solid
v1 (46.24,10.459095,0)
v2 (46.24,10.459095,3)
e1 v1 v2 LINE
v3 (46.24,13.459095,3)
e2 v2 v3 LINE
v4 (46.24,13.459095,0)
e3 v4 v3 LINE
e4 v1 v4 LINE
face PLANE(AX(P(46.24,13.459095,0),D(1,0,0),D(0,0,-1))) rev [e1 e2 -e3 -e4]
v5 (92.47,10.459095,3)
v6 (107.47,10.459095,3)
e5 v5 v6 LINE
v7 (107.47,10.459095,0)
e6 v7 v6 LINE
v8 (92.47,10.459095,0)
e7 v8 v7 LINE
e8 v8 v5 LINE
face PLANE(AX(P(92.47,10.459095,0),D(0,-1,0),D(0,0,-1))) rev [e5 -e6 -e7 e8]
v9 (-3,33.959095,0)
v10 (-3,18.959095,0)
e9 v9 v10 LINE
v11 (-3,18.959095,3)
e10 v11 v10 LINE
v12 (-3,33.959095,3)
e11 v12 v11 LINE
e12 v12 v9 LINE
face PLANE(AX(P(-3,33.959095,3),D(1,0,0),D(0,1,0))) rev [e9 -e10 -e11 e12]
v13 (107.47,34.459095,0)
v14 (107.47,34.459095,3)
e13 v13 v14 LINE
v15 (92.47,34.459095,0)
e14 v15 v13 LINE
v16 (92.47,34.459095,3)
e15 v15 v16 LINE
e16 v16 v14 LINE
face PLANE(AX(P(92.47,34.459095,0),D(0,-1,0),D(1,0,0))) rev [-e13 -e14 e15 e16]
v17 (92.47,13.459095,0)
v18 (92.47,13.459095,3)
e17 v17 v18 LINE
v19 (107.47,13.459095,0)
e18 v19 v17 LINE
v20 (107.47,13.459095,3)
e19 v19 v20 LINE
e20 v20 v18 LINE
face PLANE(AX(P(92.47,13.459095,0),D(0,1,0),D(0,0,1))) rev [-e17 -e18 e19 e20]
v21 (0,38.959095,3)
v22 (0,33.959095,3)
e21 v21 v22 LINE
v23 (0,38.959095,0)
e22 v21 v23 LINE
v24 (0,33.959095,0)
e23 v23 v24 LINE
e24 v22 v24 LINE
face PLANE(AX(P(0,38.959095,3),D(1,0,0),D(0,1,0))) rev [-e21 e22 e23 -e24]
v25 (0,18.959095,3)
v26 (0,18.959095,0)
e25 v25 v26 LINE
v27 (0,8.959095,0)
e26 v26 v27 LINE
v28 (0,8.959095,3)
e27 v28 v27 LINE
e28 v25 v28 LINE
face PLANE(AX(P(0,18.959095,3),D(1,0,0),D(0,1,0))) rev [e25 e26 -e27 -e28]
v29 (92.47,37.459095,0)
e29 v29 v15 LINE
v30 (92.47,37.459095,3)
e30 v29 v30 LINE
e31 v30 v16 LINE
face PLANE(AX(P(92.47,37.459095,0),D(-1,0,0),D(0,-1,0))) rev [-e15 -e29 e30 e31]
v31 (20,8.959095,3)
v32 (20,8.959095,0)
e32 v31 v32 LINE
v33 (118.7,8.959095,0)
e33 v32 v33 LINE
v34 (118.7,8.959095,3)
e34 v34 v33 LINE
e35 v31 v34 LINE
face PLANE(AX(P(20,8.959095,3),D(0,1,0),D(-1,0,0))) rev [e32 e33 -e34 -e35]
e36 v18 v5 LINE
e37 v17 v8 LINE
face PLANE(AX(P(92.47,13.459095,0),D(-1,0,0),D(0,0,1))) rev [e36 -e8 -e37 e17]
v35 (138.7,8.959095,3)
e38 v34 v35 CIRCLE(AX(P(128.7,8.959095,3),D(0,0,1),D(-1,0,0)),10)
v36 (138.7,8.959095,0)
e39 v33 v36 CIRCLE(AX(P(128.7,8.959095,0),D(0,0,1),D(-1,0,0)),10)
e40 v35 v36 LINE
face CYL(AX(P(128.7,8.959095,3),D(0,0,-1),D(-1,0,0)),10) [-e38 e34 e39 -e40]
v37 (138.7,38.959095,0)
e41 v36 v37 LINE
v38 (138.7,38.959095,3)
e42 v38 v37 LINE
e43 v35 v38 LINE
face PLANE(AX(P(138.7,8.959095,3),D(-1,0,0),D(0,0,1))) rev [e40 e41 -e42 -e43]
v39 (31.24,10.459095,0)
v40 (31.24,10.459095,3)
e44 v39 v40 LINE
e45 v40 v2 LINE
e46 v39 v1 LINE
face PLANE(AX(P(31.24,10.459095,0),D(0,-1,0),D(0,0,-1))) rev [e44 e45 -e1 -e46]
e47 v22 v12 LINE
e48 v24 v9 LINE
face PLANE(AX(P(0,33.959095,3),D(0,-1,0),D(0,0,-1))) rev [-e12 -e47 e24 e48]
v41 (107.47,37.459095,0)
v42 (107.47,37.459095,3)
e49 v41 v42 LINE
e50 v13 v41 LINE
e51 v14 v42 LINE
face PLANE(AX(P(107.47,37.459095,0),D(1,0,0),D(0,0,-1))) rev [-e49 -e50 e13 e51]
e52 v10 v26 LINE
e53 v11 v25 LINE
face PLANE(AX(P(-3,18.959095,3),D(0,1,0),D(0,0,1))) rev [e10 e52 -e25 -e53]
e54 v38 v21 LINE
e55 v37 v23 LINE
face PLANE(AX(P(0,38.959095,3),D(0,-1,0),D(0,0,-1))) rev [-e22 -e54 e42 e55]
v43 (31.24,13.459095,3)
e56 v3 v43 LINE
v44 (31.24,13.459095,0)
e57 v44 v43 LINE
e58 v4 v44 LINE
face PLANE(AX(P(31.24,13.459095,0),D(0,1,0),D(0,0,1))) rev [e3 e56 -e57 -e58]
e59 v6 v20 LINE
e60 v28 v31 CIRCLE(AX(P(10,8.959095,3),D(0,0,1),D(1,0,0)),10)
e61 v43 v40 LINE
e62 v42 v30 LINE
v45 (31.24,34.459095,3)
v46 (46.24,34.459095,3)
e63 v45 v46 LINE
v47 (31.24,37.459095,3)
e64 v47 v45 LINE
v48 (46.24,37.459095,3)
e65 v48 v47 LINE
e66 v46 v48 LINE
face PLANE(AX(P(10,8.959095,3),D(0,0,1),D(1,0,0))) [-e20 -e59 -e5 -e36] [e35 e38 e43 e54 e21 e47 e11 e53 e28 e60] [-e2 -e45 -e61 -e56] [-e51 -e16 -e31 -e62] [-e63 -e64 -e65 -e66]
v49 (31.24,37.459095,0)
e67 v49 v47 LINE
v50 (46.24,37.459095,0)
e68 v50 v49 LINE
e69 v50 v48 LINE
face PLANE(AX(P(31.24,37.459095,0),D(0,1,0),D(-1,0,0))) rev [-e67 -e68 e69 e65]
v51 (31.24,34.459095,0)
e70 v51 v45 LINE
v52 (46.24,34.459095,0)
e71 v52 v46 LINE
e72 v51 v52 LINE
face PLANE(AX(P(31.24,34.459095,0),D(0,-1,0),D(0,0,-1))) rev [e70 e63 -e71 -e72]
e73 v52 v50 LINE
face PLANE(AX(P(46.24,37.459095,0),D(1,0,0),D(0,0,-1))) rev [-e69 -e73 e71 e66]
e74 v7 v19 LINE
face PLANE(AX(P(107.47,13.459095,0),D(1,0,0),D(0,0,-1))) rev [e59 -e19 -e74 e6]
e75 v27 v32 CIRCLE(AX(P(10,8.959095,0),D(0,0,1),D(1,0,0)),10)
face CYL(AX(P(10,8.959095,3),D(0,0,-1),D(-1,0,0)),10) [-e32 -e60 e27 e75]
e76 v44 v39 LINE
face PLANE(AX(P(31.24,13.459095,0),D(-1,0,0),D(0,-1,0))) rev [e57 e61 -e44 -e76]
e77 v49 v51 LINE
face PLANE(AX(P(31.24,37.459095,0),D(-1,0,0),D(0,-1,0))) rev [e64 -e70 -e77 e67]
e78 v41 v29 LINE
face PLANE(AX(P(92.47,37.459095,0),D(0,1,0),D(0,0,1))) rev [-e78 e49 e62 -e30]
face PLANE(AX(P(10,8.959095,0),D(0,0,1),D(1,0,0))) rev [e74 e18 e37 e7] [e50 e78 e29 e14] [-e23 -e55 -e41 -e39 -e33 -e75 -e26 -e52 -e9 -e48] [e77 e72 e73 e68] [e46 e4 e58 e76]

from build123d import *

# Parameters (mm, degrees)
BOSS_EXTRUDE1_DEPTH = 3
SKETCH2_W           = 15
SKETCH2_H           = 3
CUT_EXTRUDE1_DEPTH  = 4


with BuildPart() as part:
    # Sketch1 → Boss-Extrude1 (new body)
    with BuildSketch(Plane.XY):
        with BuildLine():
            Line((138.7, 8.95909513), (138.7, 38.95909513))
            Line((138.7, 38.95909513), (0, 38.95909513))
            Line((0, 38.95909513), (0, 33.95909513))
            Line((0, 33.95909513), (-3, 33.95909513))
            Line((-3, 33.95909513), (-3, 18.95909513))
            Line((-3, 18.95909513), (0, 18.95909513))
            Line((0, 18.95909513), (0, 8.95909513))
            ThreePointArc((0, 8.95909513), (10, -1.04090487), (20, 8.95909513))
            Line((20, 8.95909513), (118.7, 8.95909513))
            ThreePointArc((118.7, 8.95909513), (128.7, -1.04090487), (138.7, 8.95909513))
        make_face()
    extrude(amount=BOSS_EXTRUDE1_DEPTH)

    # Sketch2 → Cut-Extrude1 (cut, through all)
    with BuildSketch(Plane.XY.offset(3)):
        with Locations((38.74, 35.95909513)):
            Rectangle(SKETCH2_W, SKETCH2_H)
        with Locations((99.97, 35.95909513)):
            Rectangle(SKETCH2_W, SKETCH2_H)
        with Locations((38.74, 11.95909513)):
            Rectangle(SKETCH2_W, SKETCH2_H)
        with Locations((99.97, 11.95909513)):
            Rectangle(SKETCH2_W, SKETCH2_H)
    extrude(amount=-CUT_EXTRUDE1_DEPTH, mode=Mode.SUBTRACT)


solid = part.part
